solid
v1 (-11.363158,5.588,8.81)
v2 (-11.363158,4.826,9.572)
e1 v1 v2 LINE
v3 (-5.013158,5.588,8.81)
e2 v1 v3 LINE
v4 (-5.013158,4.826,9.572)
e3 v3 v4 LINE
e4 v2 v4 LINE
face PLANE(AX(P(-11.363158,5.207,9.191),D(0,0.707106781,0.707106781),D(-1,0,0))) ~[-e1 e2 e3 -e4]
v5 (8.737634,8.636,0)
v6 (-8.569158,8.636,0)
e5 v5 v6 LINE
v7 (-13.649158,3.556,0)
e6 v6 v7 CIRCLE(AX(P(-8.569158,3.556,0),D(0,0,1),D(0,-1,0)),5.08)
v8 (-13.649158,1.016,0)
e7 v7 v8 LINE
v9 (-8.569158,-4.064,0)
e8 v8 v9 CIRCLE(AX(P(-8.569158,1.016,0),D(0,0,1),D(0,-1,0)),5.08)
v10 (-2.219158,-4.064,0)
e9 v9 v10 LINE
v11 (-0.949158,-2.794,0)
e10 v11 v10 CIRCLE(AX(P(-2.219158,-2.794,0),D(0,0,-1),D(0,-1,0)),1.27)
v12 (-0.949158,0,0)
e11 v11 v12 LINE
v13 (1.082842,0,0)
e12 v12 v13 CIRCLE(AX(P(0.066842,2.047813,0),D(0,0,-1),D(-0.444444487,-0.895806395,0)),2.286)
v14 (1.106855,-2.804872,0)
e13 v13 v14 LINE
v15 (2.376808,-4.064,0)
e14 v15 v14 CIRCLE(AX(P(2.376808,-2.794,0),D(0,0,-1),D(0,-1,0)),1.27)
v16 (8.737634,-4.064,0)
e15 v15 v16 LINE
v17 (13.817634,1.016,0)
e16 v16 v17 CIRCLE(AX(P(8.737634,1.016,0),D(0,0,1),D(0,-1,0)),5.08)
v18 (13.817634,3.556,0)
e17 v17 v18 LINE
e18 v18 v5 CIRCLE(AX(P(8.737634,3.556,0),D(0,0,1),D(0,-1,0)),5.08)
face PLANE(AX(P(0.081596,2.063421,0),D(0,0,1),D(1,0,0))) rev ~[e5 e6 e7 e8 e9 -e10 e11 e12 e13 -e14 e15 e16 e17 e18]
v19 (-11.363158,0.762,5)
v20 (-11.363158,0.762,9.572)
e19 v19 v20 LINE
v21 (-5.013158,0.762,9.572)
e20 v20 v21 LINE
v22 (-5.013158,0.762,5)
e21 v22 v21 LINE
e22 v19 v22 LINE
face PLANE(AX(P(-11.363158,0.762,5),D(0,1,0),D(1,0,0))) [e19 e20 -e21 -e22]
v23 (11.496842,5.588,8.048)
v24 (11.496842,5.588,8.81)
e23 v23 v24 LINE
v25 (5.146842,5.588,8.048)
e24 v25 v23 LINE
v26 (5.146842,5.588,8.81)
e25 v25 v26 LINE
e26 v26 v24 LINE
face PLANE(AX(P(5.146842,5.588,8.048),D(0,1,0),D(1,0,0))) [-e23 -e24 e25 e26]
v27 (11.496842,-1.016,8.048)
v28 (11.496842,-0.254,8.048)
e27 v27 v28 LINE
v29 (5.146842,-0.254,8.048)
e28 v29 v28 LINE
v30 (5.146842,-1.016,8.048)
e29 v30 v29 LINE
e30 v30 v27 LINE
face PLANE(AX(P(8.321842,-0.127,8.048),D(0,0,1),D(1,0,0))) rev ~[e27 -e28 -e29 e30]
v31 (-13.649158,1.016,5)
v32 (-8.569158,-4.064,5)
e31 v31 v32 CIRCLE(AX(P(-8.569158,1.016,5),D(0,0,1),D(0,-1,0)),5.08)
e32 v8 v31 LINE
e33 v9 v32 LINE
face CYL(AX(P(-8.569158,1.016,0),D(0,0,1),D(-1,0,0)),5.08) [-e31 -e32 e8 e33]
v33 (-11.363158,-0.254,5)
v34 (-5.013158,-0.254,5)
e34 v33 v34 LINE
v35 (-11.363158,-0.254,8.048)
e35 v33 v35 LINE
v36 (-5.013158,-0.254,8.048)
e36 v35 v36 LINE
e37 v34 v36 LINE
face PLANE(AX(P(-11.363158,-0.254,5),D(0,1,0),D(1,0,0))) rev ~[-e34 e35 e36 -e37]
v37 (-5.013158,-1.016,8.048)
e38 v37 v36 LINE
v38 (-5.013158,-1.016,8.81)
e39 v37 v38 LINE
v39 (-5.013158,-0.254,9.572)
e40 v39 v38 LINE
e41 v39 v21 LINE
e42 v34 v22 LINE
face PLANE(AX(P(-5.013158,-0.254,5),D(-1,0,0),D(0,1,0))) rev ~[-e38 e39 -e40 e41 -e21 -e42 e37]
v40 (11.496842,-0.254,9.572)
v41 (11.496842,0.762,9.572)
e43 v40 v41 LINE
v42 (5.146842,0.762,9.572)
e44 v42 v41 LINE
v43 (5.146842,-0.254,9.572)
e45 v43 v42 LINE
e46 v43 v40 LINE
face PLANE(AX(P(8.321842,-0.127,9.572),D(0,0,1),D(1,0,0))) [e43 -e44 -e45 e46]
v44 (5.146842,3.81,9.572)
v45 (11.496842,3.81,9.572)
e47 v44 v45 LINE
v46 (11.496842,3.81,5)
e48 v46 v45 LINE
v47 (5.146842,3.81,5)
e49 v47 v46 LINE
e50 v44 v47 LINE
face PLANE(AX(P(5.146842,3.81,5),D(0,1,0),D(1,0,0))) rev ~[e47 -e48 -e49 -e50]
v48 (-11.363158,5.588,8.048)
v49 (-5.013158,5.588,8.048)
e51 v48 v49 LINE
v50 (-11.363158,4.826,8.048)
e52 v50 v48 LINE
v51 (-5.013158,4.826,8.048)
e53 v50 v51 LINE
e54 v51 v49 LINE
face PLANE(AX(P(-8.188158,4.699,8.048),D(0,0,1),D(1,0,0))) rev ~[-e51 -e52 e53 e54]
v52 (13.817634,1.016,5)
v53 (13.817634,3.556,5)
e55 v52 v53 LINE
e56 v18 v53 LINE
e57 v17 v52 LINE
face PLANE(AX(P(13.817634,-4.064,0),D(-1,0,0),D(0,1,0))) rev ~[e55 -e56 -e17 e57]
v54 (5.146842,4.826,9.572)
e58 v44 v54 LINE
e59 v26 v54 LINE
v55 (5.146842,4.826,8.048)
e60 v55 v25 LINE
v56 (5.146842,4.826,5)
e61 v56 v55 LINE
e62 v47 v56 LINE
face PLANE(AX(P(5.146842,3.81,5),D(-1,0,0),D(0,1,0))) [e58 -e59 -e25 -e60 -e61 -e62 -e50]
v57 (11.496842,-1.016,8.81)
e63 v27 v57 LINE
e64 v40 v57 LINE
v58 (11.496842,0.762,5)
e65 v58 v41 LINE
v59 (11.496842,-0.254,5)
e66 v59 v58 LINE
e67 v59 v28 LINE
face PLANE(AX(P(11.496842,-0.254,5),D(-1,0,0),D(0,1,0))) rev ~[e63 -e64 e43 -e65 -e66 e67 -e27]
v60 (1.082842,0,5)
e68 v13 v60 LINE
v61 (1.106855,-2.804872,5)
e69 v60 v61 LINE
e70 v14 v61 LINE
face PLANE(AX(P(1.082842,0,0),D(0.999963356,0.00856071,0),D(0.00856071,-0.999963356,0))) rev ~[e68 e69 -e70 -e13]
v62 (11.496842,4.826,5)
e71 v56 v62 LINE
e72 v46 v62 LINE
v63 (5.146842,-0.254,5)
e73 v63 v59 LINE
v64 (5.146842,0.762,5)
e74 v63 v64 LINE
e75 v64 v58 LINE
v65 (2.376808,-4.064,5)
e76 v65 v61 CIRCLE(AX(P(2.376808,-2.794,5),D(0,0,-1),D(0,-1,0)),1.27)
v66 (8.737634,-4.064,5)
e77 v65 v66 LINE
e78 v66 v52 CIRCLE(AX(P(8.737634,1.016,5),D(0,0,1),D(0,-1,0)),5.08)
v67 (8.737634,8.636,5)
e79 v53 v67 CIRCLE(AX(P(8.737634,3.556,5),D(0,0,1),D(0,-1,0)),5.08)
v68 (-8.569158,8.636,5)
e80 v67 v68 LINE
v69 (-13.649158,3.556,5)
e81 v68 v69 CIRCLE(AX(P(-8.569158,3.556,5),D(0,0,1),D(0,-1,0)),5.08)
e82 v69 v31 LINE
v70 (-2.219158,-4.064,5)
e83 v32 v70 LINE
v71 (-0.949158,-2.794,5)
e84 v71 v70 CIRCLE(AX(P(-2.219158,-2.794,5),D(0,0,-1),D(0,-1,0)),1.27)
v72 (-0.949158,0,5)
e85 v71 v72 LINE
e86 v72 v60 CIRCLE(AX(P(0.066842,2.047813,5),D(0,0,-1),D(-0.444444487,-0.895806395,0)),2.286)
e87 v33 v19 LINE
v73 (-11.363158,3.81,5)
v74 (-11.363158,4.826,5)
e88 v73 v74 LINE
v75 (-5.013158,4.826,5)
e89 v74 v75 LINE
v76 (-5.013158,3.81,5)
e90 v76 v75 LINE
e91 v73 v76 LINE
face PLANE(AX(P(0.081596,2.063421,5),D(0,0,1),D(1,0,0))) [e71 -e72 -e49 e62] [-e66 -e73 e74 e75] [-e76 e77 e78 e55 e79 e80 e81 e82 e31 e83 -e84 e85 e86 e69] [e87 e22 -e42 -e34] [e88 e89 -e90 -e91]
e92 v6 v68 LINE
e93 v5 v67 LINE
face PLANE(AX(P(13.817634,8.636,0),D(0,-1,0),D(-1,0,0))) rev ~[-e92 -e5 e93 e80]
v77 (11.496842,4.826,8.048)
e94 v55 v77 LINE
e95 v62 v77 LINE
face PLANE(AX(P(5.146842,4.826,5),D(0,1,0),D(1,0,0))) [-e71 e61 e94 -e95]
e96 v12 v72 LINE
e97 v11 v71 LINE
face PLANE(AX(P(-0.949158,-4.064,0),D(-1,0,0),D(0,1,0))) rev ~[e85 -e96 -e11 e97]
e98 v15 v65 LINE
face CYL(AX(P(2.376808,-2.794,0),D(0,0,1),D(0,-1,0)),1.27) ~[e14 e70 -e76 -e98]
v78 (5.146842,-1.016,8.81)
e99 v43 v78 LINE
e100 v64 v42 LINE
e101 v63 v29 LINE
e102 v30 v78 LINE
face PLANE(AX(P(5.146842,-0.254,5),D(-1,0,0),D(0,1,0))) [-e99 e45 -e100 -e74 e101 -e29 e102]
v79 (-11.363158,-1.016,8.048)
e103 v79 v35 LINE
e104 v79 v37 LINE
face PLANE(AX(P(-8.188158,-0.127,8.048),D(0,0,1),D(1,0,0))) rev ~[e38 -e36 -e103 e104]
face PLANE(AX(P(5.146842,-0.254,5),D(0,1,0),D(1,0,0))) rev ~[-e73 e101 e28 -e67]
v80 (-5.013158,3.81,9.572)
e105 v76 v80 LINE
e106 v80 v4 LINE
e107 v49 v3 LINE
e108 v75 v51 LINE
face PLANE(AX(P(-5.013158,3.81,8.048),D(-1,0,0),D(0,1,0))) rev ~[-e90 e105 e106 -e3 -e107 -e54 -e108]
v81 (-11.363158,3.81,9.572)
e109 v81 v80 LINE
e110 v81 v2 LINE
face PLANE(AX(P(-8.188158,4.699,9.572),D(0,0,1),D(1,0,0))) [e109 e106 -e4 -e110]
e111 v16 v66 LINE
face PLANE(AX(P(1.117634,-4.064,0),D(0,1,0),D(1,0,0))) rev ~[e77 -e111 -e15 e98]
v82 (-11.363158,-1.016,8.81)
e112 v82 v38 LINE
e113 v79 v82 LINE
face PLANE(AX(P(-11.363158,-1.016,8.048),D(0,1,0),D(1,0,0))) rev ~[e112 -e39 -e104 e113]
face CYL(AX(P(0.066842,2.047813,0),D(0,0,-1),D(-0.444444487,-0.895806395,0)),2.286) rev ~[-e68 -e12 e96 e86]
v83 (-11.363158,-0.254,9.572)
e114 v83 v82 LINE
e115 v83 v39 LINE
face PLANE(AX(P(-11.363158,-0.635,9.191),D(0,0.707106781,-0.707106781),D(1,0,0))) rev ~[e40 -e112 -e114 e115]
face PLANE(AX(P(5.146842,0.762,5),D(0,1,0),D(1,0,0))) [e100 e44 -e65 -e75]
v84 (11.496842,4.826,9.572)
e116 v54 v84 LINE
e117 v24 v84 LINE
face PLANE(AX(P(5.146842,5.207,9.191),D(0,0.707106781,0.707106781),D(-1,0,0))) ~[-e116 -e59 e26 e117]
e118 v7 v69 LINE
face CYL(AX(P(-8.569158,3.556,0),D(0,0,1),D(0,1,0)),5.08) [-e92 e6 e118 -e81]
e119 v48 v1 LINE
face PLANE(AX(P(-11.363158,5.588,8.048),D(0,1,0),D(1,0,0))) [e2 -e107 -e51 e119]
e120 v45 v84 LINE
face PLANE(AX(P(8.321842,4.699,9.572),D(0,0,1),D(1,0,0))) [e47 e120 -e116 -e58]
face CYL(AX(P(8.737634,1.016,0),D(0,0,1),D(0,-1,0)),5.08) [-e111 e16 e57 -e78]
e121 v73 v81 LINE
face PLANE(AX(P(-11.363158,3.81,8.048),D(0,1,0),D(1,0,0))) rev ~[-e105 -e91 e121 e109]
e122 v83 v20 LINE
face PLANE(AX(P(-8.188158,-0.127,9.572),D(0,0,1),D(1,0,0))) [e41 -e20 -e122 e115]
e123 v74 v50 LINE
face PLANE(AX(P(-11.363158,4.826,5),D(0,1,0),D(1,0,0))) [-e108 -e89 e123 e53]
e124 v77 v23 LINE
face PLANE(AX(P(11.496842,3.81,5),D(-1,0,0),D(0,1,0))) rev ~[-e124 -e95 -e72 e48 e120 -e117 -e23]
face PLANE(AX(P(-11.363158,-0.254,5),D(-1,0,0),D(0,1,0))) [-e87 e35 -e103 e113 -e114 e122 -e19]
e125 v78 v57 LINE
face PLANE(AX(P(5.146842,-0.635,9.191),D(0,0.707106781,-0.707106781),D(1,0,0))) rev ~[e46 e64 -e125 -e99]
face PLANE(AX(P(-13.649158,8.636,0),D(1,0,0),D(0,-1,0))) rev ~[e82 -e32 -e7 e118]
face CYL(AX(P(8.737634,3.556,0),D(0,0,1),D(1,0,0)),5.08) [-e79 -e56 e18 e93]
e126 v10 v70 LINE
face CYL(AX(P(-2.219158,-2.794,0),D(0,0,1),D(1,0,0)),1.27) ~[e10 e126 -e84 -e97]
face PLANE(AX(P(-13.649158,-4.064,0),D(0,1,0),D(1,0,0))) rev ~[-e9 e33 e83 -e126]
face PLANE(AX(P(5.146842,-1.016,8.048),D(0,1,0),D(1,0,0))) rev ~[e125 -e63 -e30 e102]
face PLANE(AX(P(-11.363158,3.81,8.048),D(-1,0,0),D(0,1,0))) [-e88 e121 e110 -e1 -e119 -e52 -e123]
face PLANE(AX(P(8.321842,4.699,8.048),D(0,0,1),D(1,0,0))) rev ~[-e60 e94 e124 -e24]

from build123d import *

# Parameters (mm, degrees)
F1_DEPTH = 5
F2_R     = 5.08
F3_R     = 1.27
F4_W     = 6.35
F4_H     = 1.016
F5_DEPTH = 3.048
F6_W     = 6.35
F6_H     = 1.778
F7_DEPTH = 1.524
F8_SIZE  = 0.762


with BuildPart() as f1:
    # F0 (on Top) → F1 (new body)
    with BuildSketch(Plane.XY):
        with BuildLine():
            ThreePointArc((-0.949158, 0), (0.066842, 4.333813), (1.082842, 0))
            Line((1.082842, 0), (1.117634, -4.064))
            Line((1.117634, -4.064), (13.817634, -4.064))
            Line((13.817634, -4.064), (13.817634, 8.636))
            Line((13.817634, 8.636), (-13.649158, 8.636))
            Line((-13.649158, 8.636), (-13.649158, -4.064))
            Line((-13.649158, -4.064), (-0.949158, -4.064))
            Line((-0.949158, -4.064), (-0.949158, 0))
        make_face()
    extrude(amount=F1_DEPTH)

    # F2
    f2_edges = [f1.edges().sort_by_distance(p)[0] for p in [
        (-13.649158, 8.636, 2.5),
        (13.817634, 8.636, 2.5),
        (13.817634, -4.064, 2.5),
        (-13.649158, -4.064, 2.5),
    ]]
    fillet(f2_edges, radius=F2_R)

    # F3
    f3_edges = [f1.edges().sort_by_distance(p)[0] for p in [
        (1.117634, -4.064, 2.5),
        (-0.949158, -4.064, 2.5),
    ]]
    fillet(f3_edges, radius=F3_R)

    # F4 (on face) → F5 (join)
    with BuildSketch(Plane.XY.offset(5)):
        with Locations((-8.188158, 0.254)):
            Rectangle(F4_W, F4_H)
        with Locations((-8.188158, 4.318)):
            Rectangle(F4_W, F4_H)
        with Locations((8.321842, 4.318)):
            Rectangle(F4_W, F4_H)
        with Locations((8.321842, 0.254)):
            Rectangle(F4_W, F4_H)
    extrude(amount=F5_DEPTH)

    # F6 (on face) → F7 (join)
    with BuildSketch(Plane.XY.offset(8.048)):
        with Locations((-8.188158, 4.699)):
            Rectangle(F6_W, F6_H)
        with Locations((-8.188158, -0.127)):
            Rectangle(F6_W, F6_H)
        with Locations((8.321842, 4.699)):
            Rectangle(F6_W, F6_H)
        with Locations((8.321842, -0.127)):
            Rectangle(F6_W, F6_H)
    extrude(amount=F7_DEPTH)

    # F8
    f8_edges = [f1.edges().sort_by_distance(p)[0] for p in [
        (-8.188158, -1.016, 9.572),
        (-8.188158, 5.588, 9.572),
        (8.321842, 5.588, 9.572),
        (8.321842, -1.016, 9.572),
    ]]
    chamfer(f8_edges, length=F8_SIZE)


solid = f1.part
